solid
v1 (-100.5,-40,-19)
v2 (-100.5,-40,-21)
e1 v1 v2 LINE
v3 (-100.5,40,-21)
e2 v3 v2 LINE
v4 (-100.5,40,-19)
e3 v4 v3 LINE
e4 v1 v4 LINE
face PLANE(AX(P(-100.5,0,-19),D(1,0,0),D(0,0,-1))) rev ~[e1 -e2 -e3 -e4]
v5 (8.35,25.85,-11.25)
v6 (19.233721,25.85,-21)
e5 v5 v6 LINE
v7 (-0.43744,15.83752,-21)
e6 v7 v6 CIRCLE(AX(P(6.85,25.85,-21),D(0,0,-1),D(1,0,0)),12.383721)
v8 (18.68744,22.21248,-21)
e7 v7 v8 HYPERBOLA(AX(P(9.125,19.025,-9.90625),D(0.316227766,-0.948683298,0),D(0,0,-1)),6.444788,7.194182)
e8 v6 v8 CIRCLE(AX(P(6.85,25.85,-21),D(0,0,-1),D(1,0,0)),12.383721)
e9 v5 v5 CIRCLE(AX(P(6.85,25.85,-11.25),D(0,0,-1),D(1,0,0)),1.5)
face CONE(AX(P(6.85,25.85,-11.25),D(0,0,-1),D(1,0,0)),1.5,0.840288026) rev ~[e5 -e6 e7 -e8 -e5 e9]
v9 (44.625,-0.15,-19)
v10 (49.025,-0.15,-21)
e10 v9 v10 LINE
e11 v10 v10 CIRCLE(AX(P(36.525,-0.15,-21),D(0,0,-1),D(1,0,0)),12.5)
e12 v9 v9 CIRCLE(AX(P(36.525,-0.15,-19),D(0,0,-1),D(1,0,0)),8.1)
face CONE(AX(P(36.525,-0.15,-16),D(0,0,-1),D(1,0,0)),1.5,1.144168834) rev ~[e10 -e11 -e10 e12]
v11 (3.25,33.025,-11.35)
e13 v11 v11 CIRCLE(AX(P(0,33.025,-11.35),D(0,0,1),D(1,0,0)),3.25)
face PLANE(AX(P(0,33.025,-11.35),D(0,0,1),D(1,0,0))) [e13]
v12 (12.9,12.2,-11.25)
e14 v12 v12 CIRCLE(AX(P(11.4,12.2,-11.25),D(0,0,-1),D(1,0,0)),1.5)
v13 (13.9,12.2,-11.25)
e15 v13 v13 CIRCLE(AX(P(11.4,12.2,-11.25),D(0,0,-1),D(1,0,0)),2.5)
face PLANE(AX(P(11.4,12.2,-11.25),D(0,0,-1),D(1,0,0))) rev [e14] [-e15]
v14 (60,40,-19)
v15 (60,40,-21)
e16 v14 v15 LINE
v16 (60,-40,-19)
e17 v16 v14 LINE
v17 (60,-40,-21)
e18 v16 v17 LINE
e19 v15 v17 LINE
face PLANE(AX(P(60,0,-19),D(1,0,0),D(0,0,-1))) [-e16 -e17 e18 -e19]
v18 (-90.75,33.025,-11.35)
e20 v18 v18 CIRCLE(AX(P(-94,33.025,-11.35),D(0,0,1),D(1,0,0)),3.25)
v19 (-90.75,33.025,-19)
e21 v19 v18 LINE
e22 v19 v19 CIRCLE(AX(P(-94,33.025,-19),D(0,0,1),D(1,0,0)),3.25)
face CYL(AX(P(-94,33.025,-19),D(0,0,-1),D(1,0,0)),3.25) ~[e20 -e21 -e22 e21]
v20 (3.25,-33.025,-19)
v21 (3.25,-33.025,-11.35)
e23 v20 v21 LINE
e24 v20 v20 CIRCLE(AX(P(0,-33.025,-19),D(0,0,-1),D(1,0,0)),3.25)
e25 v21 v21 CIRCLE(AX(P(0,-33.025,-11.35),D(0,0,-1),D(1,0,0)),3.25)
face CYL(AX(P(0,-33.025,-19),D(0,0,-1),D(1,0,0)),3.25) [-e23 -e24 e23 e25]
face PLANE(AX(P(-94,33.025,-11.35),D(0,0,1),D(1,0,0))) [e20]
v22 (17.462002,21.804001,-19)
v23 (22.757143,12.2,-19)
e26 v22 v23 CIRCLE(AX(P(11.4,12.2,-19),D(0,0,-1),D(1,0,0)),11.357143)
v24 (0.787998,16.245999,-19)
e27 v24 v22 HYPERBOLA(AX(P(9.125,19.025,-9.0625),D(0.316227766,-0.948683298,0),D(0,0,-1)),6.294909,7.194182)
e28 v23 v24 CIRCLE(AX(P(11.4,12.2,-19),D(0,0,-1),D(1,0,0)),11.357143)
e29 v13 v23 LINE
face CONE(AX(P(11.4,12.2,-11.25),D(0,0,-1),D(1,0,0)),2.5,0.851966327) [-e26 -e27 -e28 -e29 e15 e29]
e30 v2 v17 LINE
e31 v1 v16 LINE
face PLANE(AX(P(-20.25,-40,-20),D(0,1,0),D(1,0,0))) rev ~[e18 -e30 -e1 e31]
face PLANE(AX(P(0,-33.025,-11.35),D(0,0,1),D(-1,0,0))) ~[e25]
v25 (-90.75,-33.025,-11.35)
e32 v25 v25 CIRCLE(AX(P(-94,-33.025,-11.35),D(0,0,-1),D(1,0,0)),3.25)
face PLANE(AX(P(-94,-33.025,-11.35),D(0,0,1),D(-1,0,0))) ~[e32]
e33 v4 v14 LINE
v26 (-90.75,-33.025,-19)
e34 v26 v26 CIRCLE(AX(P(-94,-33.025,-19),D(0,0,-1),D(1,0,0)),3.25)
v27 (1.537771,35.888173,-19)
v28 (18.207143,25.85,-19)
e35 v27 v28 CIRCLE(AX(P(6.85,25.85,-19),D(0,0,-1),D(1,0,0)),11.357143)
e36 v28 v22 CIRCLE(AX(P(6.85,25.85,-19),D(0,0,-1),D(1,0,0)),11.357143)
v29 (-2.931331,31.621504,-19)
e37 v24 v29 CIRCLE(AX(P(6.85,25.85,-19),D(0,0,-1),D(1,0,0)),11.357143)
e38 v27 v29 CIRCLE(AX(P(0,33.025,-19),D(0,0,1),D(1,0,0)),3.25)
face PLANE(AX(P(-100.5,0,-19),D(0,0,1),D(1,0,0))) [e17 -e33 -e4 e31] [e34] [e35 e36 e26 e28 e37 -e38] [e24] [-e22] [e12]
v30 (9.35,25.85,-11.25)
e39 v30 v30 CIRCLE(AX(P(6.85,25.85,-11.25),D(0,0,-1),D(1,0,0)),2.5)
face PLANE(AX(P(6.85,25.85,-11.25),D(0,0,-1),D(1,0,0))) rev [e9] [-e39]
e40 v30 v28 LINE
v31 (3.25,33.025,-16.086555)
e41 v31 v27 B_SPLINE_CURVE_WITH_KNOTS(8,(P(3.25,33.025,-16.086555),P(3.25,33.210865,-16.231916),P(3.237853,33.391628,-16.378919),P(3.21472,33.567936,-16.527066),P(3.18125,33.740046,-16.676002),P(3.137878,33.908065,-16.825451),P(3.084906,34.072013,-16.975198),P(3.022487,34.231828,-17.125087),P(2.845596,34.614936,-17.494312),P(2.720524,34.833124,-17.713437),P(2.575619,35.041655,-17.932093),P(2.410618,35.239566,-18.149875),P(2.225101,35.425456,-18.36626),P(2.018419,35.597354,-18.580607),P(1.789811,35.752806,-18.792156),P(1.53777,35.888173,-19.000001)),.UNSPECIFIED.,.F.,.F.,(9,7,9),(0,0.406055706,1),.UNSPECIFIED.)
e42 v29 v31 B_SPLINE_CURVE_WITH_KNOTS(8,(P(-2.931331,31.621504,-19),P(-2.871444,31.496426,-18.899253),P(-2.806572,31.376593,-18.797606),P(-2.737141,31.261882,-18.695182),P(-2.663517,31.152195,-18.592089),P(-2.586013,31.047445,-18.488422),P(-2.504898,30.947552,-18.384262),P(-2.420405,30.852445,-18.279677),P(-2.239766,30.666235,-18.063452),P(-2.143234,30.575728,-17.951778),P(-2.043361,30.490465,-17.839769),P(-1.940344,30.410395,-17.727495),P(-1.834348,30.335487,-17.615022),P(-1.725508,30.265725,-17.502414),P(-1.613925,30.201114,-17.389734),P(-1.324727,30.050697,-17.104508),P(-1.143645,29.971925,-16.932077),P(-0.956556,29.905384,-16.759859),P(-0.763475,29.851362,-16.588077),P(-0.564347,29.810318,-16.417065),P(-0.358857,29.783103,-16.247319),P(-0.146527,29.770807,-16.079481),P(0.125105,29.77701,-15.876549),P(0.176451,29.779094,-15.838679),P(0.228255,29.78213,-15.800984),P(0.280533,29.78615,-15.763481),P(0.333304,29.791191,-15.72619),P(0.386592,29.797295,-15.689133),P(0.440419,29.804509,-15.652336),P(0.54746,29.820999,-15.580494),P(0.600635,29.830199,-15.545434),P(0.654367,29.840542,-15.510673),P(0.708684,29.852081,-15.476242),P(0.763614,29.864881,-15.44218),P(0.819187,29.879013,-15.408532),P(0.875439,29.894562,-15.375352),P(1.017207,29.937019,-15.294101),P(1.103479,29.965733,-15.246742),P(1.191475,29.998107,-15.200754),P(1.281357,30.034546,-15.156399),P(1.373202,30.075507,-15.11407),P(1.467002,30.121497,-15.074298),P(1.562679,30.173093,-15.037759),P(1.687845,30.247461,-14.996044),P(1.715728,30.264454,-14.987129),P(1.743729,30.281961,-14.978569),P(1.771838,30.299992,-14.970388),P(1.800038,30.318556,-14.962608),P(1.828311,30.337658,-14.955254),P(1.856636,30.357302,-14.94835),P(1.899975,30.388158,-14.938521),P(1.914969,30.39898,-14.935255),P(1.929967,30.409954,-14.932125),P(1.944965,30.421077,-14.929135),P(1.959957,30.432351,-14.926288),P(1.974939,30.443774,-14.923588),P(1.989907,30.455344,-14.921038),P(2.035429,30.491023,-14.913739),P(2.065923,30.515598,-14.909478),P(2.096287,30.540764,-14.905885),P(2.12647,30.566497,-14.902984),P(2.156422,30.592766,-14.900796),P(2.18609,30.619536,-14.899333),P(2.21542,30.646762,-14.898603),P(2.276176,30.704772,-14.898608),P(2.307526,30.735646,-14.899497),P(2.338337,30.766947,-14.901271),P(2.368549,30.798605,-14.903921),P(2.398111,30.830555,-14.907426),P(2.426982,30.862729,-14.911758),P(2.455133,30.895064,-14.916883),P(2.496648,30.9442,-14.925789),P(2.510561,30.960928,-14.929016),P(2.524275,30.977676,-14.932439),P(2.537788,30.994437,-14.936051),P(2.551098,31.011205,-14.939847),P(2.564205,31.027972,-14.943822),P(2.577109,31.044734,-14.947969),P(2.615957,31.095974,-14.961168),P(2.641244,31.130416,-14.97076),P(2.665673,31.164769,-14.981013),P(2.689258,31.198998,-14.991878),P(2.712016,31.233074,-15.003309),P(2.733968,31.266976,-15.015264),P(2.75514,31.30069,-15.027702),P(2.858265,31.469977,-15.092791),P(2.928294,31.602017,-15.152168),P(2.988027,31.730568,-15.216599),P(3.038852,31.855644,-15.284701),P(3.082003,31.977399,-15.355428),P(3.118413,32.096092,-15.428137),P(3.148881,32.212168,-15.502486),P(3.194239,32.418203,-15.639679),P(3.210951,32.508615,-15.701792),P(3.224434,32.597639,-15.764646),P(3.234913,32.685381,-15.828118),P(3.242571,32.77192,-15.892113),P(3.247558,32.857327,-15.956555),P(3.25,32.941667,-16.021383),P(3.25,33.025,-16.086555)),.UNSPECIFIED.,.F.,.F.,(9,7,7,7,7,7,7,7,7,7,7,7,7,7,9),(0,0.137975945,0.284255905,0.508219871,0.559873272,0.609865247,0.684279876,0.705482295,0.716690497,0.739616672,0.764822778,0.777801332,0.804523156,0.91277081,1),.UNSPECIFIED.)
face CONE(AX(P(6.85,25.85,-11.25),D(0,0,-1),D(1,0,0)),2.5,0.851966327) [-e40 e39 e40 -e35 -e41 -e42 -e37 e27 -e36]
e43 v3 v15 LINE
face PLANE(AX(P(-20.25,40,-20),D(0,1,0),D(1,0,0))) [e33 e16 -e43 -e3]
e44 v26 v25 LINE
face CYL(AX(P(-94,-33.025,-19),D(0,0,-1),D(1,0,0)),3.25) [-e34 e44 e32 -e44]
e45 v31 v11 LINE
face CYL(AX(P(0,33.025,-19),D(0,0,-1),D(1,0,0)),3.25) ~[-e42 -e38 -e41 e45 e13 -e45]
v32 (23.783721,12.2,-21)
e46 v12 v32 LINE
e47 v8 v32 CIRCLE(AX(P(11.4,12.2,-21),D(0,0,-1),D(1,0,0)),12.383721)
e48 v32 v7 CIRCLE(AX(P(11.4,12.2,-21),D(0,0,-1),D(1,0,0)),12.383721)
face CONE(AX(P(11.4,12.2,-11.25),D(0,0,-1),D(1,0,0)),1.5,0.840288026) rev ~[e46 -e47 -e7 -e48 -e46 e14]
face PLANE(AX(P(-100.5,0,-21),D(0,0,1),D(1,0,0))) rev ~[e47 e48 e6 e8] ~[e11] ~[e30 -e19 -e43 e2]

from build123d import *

# Parameters (mm, degrees)
SKETCH001_W                    = 160.5
SKETCH001_H                    = 2
PAD001_DEPTH                   = 40
CYLINDER_R                     = 3.25
CYLINDER_DEPTH                 = 7.65
CYLINDER_LINEARPATTERN_2_R     = 3.25
CYLINDER_LINEARPATTERN_2_DEPTH = 7.65
CLONE_PLACEMENT_ANGLE          = 180


with BuildPart() as part:
    # Sketch001 → Pad001 (new body, symmetric)
    with BuildSketch(Plane.XZ):
        with Locations((-20.25, 21.5)):
            Rectangle(SKETCH001_W, SKETCH001_H)
    extrude(amount=PAD001_DEPTH, both=True)

    # Cone002 → Cone002 (revolve)
    with BuildSketch(Plane(origin=(11.4, -12.2, 12.75), x_dir=(1, 0, 0), z_dir=(0, -1, 0))):
        Polygon((0, 0), (2.5, 0), (12.5, 8.75), (0, 8.75), align=None)
    revolve(axis=Axis((11.4, -12.2, 12.75), (0, 0, 1)))

    # Cone003 → Cone003 (revolve)
    with BuildSketch(Plane(origin=(6.85, -25.85, 12.75), x_dir=(1, 0, 0), z_dir=(0, -1, 0))):
        Polygon((0, 0), (2.5, 0), (12.5, 8.75), (0, 8.75), align=None)
    revolve(axis=Axis((6.85, -25.85, 12.75), (0, 0, 1)))

    # Cylinder → Cylinder (join)
    with BuildSketch(Plane(origin=(0, -33.025, 20.5), x_dir=(1, 0, 0), z_dir=(0, 0, -1))):
        Circle(CYLINDER_R)
    cylinder = extrude(amount=CYLINDER_DEPTH)

    # Cylinder LinearPattern 2 → Cylinder LinearPattern 2 (add)
    with BuildSketch(Plane(origin=(-94, -33.025, 20.5), x_dir=(1, 0, 0), z_dir=(0, 0, -1))):
        Circle(CYLINDER_LINEARPATTERN_2_R)
    cylinder_linearpattern_2 = extrude(amount=CYLINDER_LINEARPATTERN_2_DEPTH)

    # Mirrored: Cylinder, Cylinder LinearPattern 2 across XZ
    add(cylinder.mirror(Plane.XZ))
    add(cylinder_linearpattern_2.mirror(Plane.XZ))

    # Cone001 → Cone001 (revolve, cut)
    with BuildSketch(Plane(origin=(11.4, -12.2, 12.75), x_dir=(1, 0, 0), z_dir=(0, -1, 0))):
        Polygon((0, 0), (1.5, 0), (13.5, 10.75), (0, 10.75), align=None)
    revolve(axis=Axis((11.4, -12.2, 12.75), (0, 0, 1)), mode=Mode.SUBTRACT)

    # Cone004 → Cone004 (revolve, cut)
    with BuildSketch(Plane(origin=(6.85, -25.85, 12.75), x_dir=(1, 0, 0), z_dir=(0, -1, 0))):
        Polygon((0, 0), (1.5, 0), (13.5, 10.75), (0, 10.75), align=None)
    revolve(axis=Axis((6.85, -25.85, 12.75), (0, 0, 1)), mode=Mode.SUBTRACT)

    # Cone → Cone (revolve, cut)
    with BuildSketch(Plane(origin=(36.525, 0.15, 17.5), x_dir=(1, 0, 0), z_dir=(0, -1, 0))):
        Polygon((0, 0), (1.5, 0), (12.5, 5), (0, 5), align=None)
    revolve(axis=Axis((36.525, 0.15, 17.5), (0, 0, 1)), mode=Mode.SUBTRACT)


with BuildPart() as part_1:
    # Clone placement: moved
    add(part.part.moved(Location((0, 0, 1.5))).rotate(Axis((0, 0, 1.5), (1, 0, 0)), CLONE_PLACEMENT_ANGLE))


solid = part_1.part
